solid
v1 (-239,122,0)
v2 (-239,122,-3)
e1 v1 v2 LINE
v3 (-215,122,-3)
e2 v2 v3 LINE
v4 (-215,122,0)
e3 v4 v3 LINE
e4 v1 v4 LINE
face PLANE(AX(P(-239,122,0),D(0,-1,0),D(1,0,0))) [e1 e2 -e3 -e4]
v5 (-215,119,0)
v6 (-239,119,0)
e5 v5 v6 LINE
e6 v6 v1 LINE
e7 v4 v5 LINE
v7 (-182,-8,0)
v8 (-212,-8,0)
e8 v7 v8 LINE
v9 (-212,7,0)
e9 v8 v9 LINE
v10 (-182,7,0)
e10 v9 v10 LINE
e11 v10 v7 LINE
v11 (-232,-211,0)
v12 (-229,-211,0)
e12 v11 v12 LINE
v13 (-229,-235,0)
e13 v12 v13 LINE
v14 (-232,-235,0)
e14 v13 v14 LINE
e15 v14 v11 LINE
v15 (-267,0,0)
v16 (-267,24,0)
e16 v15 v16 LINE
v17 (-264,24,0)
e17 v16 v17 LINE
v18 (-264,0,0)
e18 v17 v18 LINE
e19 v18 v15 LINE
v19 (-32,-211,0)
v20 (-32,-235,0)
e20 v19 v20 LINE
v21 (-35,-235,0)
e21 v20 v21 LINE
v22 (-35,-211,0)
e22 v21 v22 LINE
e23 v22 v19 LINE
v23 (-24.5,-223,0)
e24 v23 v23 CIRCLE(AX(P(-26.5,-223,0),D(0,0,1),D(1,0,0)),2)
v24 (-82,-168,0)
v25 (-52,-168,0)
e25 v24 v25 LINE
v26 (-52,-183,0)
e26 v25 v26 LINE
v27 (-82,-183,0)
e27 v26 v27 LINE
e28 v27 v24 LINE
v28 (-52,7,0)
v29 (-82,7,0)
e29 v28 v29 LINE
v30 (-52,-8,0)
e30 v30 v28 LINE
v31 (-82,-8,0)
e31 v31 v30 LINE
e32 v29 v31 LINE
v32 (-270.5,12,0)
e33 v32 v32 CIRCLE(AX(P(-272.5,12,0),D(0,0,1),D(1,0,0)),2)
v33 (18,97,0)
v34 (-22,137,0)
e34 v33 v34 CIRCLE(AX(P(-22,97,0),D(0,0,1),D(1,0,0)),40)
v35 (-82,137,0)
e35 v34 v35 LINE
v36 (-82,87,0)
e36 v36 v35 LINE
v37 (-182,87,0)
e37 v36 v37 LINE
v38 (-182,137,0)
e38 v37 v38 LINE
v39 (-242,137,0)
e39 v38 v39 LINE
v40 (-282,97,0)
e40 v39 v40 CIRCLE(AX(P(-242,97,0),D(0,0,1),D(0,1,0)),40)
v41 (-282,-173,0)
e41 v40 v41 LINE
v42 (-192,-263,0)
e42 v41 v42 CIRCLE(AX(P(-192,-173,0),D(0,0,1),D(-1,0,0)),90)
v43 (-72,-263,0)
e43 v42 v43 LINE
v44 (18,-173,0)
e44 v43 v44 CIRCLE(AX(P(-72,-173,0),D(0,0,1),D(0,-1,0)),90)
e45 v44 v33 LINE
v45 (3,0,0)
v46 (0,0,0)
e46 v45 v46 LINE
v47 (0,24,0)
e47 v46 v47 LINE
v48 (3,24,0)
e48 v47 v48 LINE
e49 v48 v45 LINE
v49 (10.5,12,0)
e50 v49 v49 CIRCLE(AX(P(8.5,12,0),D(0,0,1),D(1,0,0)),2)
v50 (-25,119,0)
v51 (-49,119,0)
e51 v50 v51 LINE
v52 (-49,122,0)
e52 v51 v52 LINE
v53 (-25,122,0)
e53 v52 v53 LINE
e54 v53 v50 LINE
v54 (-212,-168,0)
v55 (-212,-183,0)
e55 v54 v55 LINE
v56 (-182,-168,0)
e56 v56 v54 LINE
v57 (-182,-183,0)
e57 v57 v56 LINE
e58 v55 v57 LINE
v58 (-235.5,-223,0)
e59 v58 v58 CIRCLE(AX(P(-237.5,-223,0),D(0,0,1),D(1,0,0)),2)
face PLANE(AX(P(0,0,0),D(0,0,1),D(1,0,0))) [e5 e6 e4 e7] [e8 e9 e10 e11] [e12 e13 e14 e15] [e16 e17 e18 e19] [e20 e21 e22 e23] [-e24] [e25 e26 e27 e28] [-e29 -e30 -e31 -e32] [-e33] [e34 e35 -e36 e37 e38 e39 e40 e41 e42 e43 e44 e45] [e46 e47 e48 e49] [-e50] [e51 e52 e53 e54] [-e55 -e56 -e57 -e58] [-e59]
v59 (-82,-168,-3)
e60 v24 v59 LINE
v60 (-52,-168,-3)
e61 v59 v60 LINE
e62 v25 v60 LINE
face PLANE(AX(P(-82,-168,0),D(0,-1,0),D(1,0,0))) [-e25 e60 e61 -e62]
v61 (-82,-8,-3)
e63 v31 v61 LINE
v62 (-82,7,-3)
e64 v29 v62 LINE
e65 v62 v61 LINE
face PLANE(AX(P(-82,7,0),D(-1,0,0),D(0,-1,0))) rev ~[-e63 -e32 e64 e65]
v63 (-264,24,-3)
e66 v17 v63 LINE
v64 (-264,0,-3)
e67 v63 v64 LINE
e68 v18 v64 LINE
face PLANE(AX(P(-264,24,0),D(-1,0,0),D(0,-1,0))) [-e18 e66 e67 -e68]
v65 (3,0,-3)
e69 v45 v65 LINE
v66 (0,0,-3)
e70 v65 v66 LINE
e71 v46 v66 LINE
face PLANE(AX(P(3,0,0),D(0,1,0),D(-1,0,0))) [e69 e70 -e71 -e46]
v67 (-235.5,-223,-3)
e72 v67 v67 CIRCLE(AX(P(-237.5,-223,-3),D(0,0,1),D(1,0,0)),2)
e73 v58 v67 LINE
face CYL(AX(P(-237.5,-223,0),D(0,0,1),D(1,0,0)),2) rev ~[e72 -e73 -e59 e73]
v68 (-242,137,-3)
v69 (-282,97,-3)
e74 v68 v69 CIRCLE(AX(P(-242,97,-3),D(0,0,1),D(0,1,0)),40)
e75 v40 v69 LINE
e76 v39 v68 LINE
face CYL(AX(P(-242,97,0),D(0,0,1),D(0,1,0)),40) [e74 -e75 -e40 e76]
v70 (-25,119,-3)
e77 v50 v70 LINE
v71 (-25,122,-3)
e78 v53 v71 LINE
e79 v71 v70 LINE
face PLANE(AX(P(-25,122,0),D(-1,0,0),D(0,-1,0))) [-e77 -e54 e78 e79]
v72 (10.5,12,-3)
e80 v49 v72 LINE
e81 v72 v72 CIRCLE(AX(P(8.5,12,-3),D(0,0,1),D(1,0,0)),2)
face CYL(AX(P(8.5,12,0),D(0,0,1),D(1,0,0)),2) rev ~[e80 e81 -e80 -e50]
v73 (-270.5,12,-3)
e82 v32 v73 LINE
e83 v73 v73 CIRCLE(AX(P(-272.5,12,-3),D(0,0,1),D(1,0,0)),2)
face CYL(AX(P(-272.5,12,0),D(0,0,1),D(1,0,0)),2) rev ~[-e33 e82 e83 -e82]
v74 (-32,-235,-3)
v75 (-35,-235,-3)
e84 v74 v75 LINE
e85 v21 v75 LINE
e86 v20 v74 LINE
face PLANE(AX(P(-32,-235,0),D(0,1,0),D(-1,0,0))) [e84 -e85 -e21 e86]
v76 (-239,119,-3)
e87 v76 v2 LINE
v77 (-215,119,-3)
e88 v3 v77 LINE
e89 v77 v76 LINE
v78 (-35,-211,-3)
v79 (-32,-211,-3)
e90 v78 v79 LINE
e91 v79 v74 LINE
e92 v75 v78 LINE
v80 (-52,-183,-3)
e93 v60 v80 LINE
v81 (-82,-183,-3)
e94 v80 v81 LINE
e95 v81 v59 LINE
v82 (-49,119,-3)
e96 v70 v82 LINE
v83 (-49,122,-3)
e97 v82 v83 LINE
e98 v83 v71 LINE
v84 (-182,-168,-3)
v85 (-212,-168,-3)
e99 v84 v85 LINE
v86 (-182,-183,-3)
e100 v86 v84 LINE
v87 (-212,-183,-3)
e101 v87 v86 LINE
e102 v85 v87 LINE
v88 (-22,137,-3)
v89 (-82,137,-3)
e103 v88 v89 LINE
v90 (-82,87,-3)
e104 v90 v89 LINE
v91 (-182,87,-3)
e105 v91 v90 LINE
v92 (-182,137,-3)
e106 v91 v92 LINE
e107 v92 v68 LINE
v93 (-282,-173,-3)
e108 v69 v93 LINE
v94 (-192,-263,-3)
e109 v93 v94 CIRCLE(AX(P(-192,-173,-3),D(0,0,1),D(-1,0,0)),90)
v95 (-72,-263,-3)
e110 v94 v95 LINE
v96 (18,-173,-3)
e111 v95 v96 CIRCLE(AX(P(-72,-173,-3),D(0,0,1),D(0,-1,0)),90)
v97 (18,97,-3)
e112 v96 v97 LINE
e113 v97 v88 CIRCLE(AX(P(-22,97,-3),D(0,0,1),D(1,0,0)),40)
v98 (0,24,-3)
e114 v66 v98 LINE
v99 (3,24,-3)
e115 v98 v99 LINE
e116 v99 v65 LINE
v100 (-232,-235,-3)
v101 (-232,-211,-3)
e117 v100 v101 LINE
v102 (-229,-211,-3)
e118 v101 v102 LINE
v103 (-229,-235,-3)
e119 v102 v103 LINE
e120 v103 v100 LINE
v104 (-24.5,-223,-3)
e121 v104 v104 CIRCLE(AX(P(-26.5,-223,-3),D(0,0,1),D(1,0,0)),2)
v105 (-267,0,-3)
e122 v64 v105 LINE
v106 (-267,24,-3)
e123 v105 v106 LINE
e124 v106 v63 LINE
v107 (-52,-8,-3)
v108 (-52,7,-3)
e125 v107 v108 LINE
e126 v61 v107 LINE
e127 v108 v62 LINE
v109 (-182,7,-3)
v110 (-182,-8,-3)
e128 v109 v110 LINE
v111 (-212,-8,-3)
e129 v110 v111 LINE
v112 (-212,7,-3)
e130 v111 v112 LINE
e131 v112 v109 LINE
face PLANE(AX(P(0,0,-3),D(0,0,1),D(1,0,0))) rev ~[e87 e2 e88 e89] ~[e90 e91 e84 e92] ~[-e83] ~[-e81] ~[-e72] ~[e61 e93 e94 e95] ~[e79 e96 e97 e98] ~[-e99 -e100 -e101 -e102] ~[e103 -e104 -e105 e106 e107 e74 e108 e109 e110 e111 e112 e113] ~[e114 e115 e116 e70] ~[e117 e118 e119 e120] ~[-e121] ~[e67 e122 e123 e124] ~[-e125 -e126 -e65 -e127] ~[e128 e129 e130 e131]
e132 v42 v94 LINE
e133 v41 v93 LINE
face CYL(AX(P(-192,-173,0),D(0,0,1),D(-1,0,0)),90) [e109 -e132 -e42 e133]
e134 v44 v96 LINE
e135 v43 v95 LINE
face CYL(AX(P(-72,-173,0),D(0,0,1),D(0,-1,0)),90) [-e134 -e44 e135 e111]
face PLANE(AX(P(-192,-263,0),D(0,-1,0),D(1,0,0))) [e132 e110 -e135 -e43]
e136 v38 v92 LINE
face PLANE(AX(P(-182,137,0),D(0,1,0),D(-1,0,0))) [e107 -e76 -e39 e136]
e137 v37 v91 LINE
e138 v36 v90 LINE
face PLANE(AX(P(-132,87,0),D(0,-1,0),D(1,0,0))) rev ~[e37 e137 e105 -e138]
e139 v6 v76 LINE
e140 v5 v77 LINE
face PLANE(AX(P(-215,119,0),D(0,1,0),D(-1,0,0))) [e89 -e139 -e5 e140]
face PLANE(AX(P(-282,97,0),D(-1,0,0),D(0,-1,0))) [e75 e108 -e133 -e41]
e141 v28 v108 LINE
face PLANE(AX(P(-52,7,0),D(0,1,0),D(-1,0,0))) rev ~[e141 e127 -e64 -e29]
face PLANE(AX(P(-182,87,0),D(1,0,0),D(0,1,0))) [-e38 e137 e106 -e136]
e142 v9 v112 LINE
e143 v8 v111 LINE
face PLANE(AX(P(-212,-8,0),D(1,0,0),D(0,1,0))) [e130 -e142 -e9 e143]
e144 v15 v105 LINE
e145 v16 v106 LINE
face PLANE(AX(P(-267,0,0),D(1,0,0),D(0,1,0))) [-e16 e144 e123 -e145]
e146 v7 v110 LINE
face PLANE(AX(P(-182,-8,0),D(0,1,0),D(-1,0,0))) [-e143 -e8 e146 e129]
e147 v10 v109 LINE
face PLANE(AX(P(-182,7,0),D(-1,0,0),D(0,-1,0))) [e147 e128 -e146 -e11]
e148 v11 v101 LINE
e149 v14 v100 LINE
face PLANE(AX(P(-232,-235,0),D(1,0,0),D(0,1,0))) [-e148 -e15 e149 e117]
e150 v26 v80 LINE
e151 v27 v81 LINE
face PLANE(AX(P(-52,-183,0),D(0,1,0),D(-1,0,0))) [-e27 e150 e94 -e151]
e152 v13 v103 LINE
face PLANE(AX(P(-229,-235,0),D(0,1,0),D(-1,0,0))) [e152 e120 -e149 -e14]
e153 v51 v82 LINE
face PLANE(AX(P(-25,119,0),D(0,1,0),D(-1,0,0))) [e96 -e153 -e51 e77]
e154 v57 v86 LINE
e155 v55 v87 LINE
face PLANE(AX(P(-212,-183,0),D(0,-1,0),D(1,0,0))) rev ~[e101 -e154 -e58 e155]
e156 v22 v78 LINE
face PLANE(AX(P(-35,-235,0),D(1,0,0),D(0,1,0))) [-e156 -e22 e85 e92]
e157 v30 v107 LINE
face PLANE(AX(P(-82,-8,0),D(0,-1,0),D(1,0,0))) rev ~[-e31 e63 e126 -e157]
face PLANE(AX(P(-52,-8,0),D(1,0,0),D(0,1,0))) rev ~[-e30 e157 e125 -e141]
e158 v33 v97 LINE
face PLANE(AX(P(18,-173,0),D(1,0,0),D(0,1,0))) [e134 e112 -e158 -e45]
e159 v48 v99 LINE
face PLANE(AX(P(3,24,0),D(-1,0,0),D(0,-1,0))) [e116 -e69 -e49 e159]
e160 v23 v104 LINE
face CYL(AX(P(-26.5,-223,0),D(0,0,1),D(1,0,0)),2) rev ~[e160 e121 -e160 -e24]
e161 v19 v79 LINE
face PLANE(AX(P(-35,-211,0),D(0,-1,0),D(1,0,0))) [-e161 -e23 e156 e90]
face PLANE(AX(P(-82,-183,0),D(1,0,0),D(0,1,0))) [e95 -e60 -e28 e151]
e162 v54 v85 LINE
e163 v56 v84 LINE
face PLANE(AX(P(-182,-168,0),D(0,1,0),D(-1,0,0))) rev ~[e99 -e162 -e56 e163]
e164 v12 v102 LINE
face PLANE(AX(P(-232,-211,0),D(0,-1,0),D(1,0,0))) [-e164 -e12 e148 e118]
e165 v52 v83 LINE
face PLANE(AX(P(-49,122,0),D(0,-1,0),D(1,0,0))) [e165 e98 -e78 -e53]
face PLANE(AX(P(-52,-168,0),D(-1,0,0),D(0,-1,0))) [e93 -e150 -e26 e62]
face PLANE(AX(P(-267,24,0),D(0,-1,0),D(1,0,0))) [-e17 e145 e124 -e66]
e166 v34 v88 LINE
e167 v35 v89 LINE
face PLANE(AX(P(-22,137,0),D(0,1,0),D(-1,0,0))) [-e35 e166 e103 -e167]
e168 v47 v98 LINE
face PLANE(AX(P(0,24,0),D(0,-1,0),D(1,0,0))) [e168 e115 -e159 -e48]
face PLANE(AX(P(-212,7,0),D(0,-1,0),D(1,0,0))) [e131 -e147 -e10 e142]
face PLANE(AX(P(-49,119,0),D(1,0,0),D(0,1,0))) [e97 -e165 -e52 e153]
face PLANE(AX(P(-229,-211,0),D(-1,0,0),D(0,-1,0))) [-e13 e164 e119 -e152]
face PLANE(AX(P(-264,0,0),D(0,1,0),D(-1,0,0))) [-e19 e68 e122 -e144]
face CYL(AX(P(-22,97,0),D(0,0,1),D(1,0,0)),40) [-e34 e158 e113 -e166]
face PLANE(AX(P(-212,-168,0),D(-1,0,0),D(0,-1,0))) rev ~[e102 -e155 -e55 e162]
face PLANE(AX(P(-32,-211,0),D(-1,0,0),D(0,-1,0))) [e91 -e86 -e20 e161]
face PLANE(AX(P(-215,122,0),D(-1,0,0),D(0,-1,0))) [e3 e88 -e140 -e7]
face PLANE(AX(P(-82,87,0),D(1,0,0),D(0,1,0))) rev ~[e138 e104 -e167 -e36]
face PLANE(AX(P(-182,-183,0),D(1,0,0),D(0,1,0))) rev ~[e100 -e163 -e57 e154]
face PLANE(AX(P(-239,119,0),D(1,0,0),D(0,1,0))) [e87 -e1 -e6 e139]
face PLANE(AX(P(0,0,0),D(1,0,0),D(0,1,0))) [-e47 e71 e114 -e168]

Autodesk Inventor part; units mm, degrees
ref_plane "YZ Plane" through (0, 0, 0) normal (1, 0, 0) x (0, 1, 0)
ref_plane "XZ Plane" through (0, 0, 0) normal (0, 1, 0) x (-1, 0, 0)
ref_plane "XY Plane" through (0, 0, 0) normal (0, 0, 1) x (1, 0, 0)
sketch "Sketch1" plane through (0, 0, 0) normal (0, 0, 1) x (1, 0, 0)
  line L0 (0, 0) -> (0, 24) projected
  line L1 (3, 0) -> (0, 0) projected
  line L2 (3, 24) -> (3, 0) projected
  line L3 (0, 24) -> (3, 24) projected
  circle A0 centre (8.5, 12) radius 2 projected
  line L4 (-35, -235) -> (-35, -211) projected
  line L5 (-32, -235) -> (-35, -235) projected
  line L6 (-32, -211) -> (-32, -235) projected
  line L7 (-35, -211) -> (-32, -211) projected
  circle A1 centre (-26.5, -223) radius 2 projected
  line L8 (-232, -235) -> (-232, -211) projected
  line L9 (-229, -235) -> (-232, -235) projected
  line L10 (-229, -211) -> (-229, -235) projected
  line L11 (-232, -211) -> (-229, -211) projected
  circle A2 centre (-237.5, -223) radius 2 projected
  line L12 (-267, 0) -> (-267, 24) projected
  line L13 (-264, 0) -> (-267, 0) projected
  line L14 (-264, 24) -> (-264, 0) projected
  line L15 (-267, 24) -> (-264, 24) projected
  circle A3 centre (-272.5, 12) radius 2 projected
  line L16 (-215, 119) -> (-239, 119) projected
  line L17 (-215, 122) -> (-215, 119) projected
  line L18 (-239, 122) -> (-215, 122) projected
  line L19 (-239, 119) -> (-239, 122) projected
  line L20 (-25, 119) -> (-49, 119) projected
  line L21 (-25, 122) -> (-25, 119) projected
  line L22 (-49, 122) -> (-25, 122) projected
  line L23 (-49, 119) -> (-49, 122) projected
  line L24 (-22, 137) -> (-242, 137) projected
  arc A4 (18, 97) -> (-22, 137) centre (-22, 97) ccw projected
  line L25 (18, -173) -> (18, 97) projected
  arc A5 (-72, -263) -> (18, -173) centre (-72, -173) ccw projected
  line L26 (-192, -263) -> (-72, -263) projected
  arc A6 (-282, -173) -> (-192, -263) centre (-192, -173) ccw projected
  line L27 (-282, 97) -> (-282, -173) projected
  arc A7 (-242, 137) -> (-282, 97) centre (-242, 97) ccw projected
  line L28 (-132, 137) -> (-132, -263) construction
  line L29 (-132, 87) -> (-82, 87)
  line L30 (-82, 87) -> (-82, 137)
  line L31 (-132, 87) -> (-182, 87)
  line L32 (-182, 87) -> (-182, 137)
  line L33 (-82, 137) -> (-182, 137)
  dimension "d0" = 50
  dimension "d1" = 50
extrude "Extrusion1" add sketch "Sketch1" against normal blind 3 contours A4 L25 A5 L26 A6 L27 A7 L24 L32 L31 L29 L30
sketch "Sketch2" plane through (0, 0, 0) normal (0, 0, 1) x (1, 0, 0)
  line L0 (-82, 87) -> (-182, 87) projected
  line L1 (-192, -263) -> (-72, -263) projected
  line L2 (18, -173) -> (18, 97) projected
  line L3 (-282, 97) -> (-282, -173) projected
  line L4 (-132, 87) -> (-132, -263) construction
  line L5 (-52, 7) -> (-82, 7)
  line L6 (-82, 7) -> (-82, -8)
  line L7 (-82, -8) -> (-52, -8)
  line L8 (-52, -8) -> (-52, 7)
  line L9 (-212, 7) -> (-182, 7)
  line L10 (-182, 7) -> (-182, -8)
  line L11 (-182, -8) -> (-212, -8)
  line L12 (-212, -8) -> (-212, 7)
  line L13 (-132, -88) -> (18, -88) construction
  line L14 (-52, -183) -> (-82, -183)
  line L15 (-82, -183) -> (-82, -168)
  line L16 (-82, -168) -> (-52, -168)
  line L17 (-52, -168) -> (-52, -183)
  line L18 (-182, -168) -> (-212, -168)
  line L19 (-182, -183) -> (-182, -168)
  line L20 (-212, -183) -> (-182, -183)
  line L21 (-212, -168) -> (-212, -183)
  point P0 (0, 0)
  dimension "d4" = 30
  dimension "d5" = 15
  dimension "d6" = 50
  dimension "d7" = 80
extrude "Extrusion2" cut sketch "Sketch2" against normal blind 3
properties part number "Top plate"
